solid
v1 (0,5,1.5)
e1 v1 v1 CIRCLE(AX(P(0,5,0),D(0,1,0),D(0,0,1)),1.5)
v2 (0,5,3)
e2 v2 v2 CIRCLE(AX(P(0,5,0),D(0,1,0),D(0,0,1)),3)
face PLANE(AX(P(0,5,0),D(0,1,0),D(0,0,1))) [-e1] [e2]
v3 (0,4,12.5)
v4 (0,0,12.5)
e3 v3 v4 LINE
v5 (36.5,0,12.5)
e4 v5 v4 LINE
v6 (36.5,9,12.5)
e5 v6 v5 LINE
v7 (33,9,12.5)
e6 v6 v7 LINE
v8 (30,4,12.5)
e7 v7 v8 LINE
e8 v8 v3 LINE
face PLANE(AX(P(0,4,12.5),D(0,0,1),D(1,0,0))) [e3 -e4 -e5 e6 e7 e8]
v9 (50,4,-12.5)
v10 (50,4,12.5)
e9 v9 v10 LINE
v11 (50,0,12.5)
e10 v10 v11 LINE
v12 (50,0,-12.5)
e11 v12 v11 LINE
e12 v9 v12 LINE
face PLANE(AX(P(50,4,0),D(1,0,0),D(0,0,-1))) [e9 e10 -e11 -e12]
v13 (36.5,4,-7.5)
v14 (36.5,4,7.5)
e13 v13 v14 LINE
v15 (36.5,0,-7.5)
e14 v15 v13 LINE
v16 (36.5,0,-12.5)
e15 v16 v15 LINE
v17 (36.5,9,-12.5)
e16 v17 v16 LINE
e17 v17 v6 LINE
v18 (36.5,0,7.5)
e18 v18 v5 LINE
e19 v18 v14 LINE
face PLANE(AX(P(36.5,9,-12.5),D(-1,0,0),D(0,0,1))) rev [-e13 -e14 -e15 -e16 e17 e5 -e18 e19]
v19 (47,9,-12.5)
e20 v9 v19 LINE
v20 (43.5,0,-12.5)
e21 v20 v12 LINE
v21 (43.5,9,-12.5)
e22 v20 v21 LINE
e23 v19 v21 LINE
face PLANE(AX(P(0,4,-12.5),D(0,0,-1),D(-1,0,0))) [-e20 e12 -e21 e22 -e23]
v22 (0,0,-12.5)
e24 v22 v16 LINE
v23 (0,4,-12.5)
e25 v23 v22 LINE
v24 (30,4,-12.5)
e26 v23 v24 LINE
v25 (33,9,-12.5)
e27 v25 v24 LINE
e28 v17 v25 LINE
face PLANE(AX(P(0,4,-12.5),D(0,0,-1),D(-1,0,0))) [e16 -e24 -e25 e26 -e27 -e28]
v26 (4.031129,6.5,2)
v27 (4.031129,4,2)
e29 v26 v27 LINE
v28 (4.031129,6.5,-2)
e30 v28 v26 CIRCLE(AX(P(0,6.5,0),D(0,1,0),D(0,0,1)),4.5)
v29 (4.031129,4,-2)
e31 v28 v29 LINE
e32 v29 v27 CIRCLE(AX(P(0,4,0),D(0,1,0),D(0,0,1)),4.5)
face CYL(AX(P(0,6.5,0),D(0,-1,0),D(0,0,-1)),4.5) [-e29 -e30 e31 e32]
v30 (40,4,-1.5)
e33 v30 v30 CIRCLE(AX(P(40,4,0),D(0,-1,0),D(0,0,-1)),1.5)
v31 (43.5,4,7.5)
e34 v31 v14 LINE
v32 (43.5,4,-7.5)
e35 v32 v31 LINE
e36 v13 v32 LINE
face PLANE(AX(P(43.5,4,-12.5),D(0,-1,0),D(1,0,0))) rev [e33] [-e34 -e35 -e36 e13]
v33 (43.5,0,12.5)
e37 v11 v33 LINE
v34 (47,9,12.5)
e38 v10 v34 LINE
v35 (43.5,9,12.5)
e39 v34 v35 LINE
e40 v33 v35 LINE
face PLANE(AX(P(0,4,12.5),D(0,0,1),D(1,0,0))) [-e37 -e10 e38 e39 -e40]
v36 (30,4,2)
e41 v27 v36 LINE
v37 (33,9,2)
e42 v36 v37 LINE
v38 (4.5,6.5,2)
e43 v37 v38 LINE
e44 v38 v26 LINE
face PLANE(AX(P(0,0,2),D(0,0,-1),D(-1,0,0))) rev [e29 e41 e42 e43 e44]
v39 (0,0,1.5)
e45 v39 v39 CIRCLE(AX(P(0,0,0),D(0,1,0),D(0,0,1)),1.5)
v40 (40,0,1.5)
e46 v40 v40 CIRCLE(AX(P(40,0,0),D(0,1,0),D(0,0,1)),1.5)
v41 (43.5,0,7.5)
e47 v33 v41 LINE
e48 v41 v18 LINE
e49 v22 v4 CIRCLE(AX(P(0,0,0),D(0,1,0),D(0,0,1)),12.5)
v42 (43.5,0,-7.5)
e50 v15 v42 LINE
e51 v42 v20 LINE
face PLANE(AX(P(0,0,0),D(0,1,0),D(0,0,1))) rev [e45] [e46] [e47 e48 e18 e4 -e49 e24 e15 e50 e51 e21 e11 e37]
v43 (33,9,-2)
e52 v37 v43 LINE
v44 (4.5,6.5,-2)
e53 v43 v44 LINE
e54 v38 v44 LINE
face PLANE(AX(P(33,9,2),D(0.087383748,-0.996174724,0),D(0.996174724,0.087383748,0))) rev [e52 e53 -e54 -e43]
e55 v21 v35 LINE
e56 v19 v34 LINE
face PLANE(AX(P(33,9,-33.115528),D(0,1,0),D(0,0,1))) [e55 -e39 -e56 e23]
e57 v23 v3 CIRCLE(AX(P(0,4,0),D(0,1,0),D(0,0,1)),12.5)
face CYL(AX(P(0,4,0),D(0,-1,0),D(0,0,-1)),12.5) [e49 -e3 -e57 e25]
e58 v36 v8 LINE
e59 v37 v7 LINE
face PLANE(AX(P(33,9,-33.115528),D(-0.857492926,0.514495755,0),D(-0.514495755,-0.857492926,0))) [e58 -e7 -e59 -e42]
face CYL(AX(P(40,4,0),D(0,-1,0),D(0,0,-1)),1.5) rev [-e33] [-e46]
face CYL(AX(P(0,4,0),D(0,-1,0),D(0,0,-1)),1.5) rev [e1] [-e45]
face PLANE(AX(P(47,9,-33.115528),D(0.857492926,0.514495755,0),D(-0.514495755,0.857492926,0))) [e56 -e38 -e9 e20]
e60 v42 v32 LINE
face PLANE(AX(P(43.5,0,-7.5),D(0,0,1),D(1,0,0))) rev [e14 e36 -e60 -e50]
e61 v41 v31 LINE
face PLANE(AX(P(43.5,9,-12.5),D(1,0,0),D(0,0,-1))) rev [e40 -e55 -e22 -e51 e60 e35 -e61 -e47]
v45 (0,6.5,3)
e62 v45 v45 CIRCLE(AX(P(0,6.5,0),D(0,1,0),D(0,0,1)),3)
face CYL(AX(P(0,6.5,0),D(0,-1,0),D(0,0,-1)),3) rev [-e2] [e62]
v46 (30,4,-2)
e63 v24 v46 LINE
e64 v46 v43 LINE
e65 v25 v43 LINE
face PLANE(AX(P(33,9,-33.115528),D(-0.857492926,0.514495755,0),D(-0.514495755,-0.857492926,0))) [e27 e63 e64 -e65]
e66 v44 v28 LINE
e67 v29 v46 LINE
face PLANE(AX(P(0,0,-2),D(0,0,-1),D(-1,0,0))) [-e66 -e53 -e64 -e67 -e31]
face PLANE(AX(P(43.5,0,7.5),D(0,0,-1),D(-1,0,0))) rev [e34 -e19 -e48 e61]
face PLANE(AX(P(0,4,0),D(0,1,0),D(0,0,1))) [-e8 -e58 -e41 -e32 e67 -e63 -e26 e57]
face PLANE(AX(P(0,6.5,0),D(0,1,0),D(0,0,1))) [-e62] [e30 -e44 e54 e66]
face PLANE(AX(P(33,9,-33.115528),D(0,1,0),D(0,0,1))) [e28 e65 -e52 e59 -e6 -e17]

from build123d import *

# Parameters (mm, degrees)
EXTRUDE_1_DEPTH     = 4
SKETCH_2_R          = 4.5
SKETCH_2_R_2        = 3
EXTRUDE_2_DEPTH     = 2.5
EXTRUDE_3_DEPTH     = 25
SKETCH_4_W          = 7
SKETCH_4_H          = 5
CUT_EXTRUDE_1_DEPTH = 57.621550668
SKETCH_5_W          = 7
SKETCH_5_H          = 5
CUT_EXTRUDE_2_DEPTH = 52.780787943
EXTRUDE_4_DEPTH     = 2
SKETCH_7_R          = 3
SKETCH_7_R_2        = 1.5
EXTRUDE_5_DEPTH     = 1


with BuildPart() as part:
    # 草图1 → 凸台-拉伸1 (new body)
    with BuildSketch(Plane(origin=(0, 0, 0), x_dir=(1, 0, 0), z_dir=(0, 1, 0))):
        with BuildLine():
            ThreePointArc((12.5, 0), (8.838834765, 8.838834765), (0, 12.5))
            ThreePointArc((0, 12.5), (-8.838834765, 8.838834765), (-12.5, 0))
            Line((-12.5, 0), (-1.5, 0))
            ThreePointArc((-1.5, 0), (0, 1.5), (1.5, 0))
            Line((1.5, 0), (12.5, 0))
        make_face()
        with BuildLine():
            ThreePointArc((0, -12.5), (8.838834765, -8.838834765), (12.5, 0))
            Line((12.5, 0), (1.5, 0))
            ThreePointArc((1.5, 0), (0, -1.5), (-1.5, 0))
            Line((-1.5, 0), (-12.5, 0))
            ThreePointArc((-12.5, 0), (-8.838834765, -8.838834765), (0, -12.5))
        make_face()
        with BuildLine():
            Line((50, 12.5), (0, 12.5))
            ThreePointArc((0, 12.5), (8.838834765, 8.838834765), (12.5, 0))
            Line((12.5, 0), (38.5, 0))
            ThreePointArc((38.5, 0), (40, 1.5), (41.5, 0))
            Line((41.5, 0), (50, 0))
            Line((50, 0), (50, 12.5))
        make_face()
        with BuildLine():
            Line((38.5, 0), (12.5, 0))
            ThreePointArc((12.5, 0), (8.838834765, -8.838834765), (0, -12.5))
            Line((0, -12.5), (50, -12.5))
            Line((50, -12.5), (50, 0))
            Line((50, 0), (41.5, 0))
            ThreePointArc((41.5, 0), (40, -1.5), (38.5, 0))
        make_face()
    extrude(amount=EXTRUDE_1_DEPTH)

    # 草图2 → 凸台-拉伸2 (add)
    with BuildSketch(Plane(origin=(0, 4, 0), x_dir=(1, 0, 0), z_dir=(0, 1, 0))):
        with Locations(Location((0, 0, 0), (0, 0, 270))):
            Circle(SKETCH_2_R)
        with Locations(Location((0, 0, 0), (0, 0, 270))):
            Circle(SKETCH_2_R_2, mode=Mode.SUBTRACT)
    extrude(amount=EXTRUDE_2_DEPTH)

    # 草图3 → 凸台-拉伸3 (add)
    with BuildSketch(Plane.XY.offset(12.5)):
        Polygon((33, 9), (47, 9), (50, 4), (30, 4), align=None)
    extrude(amount=-EXTRUDE_3_DEPTH)

    # 草图4 → 切除-拉伸1 (cut, through all)
    with BuildSketch(Plane.XY.offset(12.5)):
        with Locations((40, 6.5)):
            Rectangle(SKETCH_4_W, SKETCH_4_H)
    extrude(amount=-CUT_EXTRUDE_1_DEPTH, mode=Mode.SUBTRACT)

    # 草图5 → 切除-拉伸2 (cut, through all)
    with BuildSketch(Plane(origin=(0, 4, 0), x_dir=(1, 0, 0), z_dir=(0, 1, 0))):
        with Locations((40, -10)):
            Rectangle(SKETCH_5_W, SKETCH_5_H)
        with Locations((40, 10)):
            Rectangle(SKETCH_5_W, SKETCH_5_H)
    extrude(amount=-CUT_EXTRUDE_2_DEPTH, mode=Mode.SUBTRACT)

    # 草图6 → 凸台-拉伸4 (add, symmetric)
    with BuildSketch(Plane.XY):
        Polygon((30, 4), (33, 9), (4.5, 6.5), (3.215772895, 6.5), (3.215772895, 4), align=None)
    extrude(amount=EXTRUDE_4_DEPTH, both=True)

    # 草图7 → 凸台-拉伸5 (add)
    with BuildSketch(Plane(origin=(0, 4, 0), x_dir=(1, 0, 0), z_dir=(0, 1, 0))):
        with Locations(Location((0, 0, 0), (0, 0, 270))):
            Circle(SKETCH_7_R)
        with Locations(Location((0, 0, 0), (0, 0, 270))):
            Circle(SKETCH_7_R_2, mode=Mode.SUBTRACT)
    extrude(amount=EXTRUDE_5_DEPTH)


solid = part.part
